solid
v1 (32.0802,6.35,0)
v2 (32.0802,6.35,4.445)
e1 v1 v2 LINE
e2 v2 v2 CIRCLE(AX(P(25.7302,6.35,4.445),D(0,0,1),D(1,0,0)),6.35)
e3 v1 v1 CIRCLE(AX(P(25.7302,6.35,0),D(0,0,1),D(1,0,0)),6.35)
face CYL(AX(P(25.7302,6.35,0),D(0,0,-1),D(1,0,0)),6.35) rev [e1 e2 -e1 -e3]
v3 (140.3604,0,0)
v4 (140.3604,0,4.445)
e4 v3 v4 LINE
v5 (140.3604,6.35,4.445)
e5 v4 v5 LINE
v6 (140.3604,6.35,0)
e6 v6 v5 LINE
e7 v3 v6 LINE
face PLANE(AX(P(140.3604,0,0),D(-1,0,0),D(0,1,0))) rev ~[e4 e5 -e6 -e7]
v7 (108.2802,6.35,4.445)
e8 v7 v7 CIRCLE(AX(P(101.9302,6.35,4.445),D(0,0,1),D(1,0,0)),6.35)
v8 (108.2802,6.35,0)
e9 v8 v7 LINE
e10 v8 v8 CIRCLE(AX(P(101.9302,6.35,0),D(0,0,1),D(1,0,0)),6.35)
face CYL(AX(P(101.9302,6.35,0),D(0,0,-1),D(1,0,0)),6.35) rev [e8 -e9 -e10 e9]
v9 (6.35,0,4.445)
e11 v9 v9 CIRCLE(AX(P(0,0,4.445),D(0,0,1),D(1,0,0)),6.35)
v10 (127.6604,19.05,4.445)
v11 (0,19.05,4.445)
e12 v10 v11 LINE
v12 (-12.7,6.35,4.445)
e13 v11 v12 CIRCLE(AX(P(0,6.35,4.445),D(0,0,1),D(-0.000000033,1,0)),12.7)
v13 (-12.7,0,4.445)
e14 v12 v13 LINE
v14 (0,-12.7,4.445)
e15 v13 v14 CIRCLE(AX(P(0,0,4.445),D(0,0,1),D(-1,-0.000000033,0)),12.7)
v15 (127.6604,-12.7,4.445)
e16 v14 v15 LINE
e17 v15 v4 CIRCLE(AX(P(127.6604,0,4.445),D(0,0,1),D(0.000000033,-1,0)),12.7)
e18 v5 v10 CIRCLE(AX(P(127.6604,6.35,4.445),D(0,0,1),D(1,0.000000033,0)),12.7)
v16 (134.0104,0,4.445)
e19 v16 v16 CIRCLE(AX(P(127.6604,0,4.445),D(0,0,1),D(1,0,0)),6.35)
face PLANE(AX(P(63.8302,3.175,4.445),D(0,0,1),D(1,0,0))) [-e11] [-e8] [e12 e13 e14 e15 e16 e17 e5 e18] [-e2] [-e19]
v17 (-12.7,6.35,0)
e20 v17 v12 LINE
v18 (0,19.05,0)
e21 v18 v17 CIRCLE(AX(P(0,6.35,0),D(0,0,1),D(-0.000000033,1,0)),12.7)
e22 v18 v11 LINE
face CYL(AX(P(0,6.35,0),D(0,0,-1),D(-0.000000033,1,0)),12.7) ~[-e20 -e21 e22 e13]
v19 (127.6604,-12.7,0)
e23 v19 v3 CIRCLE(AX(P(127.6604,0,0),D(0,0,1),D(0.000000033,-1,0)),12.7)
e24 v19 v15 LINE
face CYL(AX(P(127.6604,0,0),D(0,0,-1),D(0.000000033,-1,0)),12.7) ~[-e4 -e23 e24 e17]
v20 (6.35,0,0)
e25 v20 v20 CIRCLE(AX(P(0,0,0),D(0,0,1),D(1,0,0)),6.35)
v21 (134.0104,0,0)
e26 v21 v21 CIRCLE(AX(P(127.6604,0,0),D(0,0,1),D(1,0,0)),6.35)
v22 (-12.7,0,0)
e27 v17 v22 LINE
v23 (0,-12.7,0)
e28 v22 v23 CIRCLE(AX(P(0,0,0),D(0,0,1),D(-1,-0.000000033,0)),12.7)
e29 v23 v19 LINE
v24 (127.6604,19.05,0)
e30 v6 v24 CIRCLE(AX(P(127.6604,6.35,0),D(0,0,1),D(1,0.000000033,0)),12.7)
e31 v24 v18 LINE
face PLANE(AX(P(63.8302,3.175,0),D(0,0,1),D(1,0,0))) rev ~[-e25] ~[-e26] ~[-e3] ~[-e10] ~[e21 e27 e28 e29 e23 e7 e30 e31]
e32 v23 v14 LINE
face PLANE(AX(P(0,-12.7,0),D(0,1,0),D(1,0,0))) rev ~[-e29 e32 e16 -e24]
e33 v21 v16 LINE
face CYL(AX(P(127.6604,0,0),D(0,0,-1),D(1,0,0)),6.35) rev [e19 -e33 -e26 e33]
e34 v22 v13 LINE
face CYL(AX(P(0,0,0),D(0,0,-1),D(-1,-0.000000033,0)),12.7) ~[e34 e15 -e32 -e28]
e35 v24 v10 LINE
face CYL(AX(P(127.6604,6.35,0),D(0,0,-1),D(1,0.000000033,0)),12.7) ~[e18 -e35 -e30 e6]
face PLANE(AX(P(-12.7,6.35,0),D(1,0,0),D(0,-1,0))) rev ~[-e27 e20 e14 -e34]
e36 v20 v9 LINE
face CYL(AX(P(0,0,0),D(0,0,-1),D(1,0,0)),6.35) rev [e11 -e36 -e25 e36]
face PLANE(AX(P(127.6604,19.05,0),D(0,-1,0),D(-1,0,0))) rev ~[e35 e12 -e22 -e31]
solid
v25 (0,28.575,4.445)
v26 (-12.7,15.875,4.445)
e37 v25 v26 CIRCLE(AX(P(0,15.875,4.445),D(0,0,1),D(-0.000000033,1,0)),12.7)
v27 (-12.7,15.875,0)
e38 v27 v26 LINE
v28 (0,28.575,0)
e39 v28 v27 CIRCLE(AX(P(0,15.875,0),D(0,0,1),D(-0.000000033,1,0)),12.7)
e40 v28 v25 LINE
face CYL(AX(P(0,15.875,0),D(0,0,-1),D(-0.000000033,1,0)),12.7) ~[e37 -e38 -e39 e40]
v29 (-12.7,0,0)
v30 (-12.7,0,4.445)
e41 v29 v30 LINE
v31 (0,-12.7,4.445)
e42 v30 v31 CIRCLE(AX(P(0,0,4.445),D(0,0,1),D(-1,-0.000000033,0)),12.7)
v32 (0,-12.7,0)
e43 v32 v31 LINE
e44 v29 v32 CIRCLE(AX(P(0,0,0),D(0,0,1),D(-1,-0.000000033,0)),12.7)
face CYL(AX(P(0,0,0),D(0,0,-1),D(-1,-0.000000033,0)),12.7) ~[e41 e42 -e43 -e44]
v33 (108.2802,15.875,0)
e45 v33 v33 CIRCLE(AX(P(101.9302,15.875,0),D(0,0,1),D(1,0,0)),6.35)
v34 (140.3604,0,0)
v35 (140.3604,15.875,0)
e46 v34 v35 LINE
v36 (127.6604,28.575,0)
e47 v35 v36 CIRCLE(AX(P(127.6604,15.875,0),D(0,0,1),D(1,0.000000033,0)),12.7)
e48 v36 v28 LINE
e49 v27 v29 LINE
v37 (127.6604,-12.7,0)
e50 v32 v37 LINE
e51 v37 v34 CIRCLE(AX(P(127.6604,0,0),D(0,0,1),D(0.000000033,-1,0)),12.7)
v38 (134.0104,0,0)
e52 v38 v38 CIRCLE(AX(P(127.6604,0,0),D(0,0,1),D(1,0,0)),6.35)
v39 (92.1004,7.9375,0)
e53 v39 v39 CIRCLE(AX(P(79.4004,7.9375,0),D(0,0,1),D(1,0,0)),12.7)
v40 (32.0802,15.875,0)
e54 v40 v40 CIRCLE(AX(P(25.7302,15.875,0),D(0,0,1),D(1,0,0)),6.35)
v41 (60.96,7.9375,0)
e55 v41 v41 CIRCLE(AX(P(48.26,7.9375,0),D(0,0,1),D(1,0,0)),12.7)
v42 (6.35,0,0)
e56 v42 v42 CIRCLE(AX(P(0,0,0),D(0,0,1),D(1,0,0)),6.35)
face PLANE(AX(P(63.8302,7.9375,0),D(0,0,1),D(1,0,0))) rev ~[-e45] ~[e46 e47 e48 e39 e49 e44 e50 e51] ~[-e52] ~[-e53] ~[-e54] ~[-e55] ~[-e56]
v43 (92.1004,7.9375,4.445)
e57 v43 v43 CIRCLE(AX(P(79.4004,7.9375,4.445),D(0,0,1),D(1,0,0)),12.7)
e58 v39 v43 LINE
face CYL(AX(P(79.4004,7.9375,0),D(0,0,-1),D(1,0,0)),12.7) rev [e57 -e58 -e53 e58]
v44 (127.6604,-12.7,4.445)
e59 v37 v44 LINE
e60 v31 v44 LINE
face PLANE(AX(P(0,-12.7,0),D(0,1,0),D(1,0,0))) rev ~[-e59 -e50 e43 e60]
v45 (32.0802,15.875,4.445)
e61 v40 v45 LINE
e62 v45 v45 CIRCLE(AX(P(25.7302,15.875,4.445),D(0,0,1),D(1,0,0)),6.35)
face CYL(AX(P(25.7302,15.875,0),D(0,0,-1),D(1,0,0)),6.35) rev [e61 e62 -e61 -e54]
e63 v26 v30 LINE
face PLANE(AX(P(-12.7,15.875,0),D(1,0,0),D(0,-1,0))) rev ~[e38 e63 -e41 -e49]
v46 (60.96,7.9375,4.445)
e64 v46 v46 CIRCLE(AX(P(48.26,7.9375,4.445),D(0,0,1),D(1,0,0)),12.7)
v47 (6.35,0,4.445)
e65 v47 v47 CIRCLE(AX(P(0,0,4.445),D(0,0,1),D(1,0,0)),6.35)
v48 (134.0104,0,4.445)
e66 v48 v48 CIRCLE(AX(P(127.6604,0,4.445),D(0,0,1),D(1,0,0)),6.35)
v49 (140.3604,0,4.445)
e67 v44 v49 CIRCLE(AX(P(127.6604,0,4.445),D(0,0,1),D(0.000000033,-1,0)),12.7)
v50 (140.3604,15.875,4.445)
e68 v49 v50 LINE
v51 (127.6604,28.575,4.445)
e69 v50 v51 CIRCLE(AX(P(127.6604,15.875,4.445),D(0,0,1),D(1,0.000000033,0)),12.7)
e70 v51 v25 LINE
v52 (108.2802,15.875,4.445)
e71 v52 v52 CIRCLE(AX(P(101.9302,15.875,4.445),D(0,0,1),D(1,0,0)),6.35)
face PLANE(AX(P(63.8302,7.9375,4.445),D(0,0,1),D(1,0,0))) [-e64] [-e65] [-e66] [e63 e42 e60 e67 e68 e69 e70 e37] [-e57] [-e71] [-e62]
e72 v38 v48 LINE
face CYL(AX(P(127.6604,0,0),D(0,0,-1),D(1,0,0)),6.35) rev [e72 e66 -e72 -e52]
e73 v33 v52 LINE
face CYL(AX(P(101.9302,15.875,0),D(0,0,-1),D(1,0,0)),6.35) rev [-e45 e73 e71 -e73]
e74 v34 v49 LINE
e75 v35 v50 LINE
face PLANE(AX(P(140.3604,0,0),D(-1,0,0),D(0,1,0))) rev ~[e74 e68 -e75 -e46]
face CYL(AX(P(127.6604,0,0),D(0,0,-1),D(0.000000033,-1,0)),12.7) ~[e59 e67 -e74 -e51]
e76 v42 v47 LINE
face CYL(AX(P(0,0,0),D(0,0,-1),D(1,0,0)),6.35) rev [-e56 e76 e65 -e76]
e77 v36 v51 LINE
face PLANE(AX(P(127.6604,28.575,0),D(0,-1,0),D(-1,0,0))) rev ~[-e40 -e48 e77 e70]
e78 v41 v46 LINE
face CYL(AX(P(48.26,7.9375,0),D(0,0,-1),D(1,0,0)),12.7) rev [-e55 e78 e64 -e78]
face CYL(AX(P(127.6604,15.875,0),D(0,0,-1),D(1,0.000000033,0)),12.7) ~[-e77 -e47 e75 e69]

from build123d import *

# Parameters (mm, degrees)
F0_R     = 6.35
F1_DEPTH = 4.445
F2_R     = 6.35
F2_R_2   = 12.7
F3_DEPTH = 4.445


with BuildPart() as f1:
    # F0 (on Top) → F1 (new body)
    with BuildSketch(Plane.XY):
        with BuildLine():
            Line((127.6604, 19.05), (0, 19.05))
            ThreePointArc((0, 19.05), (-8.980256, 15.330256), (-12.7, 6.35))
            Line((-12.7, 6.35), (-12.7, 0))
            ThreePointArc((-12.7, 0), (-8.980256, -8.980256), (0, -12.7))
            Line((0, -12.7), (127.6604, -12.7))
            ThreePointArc((127.6604, -12.7), (136.640656, -8.980256), (140.3604, 0))
            Line((140.3604, 0), (140.3604, 6.35))
            ThreePointArc((140.3604, 6.35), (136.640656, 15.330256), (127.6604, 19.05))
        make_face()
        Circle(F0_R, mode=Mode.SUBTRACT)
        with Locations((127.6604, 0)):
            Circle(F0_R, mode=Mode.SUBTRACT)
        with Locations((25.7302, 6.35)):
            Circle(F0_R, mode=Mode.SUBTRACT)
        with Locations((101.9302, 6.35)):
            Circle(F0_R, mode=Mode.SUBTRACT)
    extrude(amount=F1_DEPTH)


with BuildPart() as f3:
    # F2 (on Top) → F3 (new body)
    with BuildSketch(Plane.XY):
        with BuildLine():
            Line((127.6604, 28.575), (0, 28.575))
            ThreePointArc((0, 28.575), (-8.980256, 24.855256), (-12.7, 15.875))
            Line((-12.7, 15.875), (-12.7, 0))
            ThreePointArc((-12.7, 0), (-8.980256, -8.980256), (0, -12.7))
            Line((0, -12.7), (127.6604, -12.7))
            ThreePointArc((127.6604, -12.7), (136.640656, -8.980256), (140.3604, 0))
            Line((140.3604, 0), (140.3604, 15.875))
            ThreePointArc((140.3604, 15.875), (136.640656, 24.855256), (127.6604, 28.575))
        make_face()
        Circle(F2_R, mode=Mode.SUBTRACT)
        with Locations((127.6604, 0)):
            Circle(F2_R, mode=Mode.SUBTRACT)
        with Locations((48.26, 7.9375)):
            Circle(F2_R_2, mode=Mode.SUBTRACT)
        with Locations((25.7302, 15.875)):
            Circle(F2_R, mode=Mode.SUBTRACT)
        with Locations((79.4004, 7.9375)):
            Circle(F2_R_2, mode=Mode.SUBTRACT)
        with Locations((101.9302, 15.875)):
            Circle(F2_R, mode=Mode.SUBTRACT)
    extrude(amount=F3_DEPTH)


solid = Compound([f1.part, f3.part])
